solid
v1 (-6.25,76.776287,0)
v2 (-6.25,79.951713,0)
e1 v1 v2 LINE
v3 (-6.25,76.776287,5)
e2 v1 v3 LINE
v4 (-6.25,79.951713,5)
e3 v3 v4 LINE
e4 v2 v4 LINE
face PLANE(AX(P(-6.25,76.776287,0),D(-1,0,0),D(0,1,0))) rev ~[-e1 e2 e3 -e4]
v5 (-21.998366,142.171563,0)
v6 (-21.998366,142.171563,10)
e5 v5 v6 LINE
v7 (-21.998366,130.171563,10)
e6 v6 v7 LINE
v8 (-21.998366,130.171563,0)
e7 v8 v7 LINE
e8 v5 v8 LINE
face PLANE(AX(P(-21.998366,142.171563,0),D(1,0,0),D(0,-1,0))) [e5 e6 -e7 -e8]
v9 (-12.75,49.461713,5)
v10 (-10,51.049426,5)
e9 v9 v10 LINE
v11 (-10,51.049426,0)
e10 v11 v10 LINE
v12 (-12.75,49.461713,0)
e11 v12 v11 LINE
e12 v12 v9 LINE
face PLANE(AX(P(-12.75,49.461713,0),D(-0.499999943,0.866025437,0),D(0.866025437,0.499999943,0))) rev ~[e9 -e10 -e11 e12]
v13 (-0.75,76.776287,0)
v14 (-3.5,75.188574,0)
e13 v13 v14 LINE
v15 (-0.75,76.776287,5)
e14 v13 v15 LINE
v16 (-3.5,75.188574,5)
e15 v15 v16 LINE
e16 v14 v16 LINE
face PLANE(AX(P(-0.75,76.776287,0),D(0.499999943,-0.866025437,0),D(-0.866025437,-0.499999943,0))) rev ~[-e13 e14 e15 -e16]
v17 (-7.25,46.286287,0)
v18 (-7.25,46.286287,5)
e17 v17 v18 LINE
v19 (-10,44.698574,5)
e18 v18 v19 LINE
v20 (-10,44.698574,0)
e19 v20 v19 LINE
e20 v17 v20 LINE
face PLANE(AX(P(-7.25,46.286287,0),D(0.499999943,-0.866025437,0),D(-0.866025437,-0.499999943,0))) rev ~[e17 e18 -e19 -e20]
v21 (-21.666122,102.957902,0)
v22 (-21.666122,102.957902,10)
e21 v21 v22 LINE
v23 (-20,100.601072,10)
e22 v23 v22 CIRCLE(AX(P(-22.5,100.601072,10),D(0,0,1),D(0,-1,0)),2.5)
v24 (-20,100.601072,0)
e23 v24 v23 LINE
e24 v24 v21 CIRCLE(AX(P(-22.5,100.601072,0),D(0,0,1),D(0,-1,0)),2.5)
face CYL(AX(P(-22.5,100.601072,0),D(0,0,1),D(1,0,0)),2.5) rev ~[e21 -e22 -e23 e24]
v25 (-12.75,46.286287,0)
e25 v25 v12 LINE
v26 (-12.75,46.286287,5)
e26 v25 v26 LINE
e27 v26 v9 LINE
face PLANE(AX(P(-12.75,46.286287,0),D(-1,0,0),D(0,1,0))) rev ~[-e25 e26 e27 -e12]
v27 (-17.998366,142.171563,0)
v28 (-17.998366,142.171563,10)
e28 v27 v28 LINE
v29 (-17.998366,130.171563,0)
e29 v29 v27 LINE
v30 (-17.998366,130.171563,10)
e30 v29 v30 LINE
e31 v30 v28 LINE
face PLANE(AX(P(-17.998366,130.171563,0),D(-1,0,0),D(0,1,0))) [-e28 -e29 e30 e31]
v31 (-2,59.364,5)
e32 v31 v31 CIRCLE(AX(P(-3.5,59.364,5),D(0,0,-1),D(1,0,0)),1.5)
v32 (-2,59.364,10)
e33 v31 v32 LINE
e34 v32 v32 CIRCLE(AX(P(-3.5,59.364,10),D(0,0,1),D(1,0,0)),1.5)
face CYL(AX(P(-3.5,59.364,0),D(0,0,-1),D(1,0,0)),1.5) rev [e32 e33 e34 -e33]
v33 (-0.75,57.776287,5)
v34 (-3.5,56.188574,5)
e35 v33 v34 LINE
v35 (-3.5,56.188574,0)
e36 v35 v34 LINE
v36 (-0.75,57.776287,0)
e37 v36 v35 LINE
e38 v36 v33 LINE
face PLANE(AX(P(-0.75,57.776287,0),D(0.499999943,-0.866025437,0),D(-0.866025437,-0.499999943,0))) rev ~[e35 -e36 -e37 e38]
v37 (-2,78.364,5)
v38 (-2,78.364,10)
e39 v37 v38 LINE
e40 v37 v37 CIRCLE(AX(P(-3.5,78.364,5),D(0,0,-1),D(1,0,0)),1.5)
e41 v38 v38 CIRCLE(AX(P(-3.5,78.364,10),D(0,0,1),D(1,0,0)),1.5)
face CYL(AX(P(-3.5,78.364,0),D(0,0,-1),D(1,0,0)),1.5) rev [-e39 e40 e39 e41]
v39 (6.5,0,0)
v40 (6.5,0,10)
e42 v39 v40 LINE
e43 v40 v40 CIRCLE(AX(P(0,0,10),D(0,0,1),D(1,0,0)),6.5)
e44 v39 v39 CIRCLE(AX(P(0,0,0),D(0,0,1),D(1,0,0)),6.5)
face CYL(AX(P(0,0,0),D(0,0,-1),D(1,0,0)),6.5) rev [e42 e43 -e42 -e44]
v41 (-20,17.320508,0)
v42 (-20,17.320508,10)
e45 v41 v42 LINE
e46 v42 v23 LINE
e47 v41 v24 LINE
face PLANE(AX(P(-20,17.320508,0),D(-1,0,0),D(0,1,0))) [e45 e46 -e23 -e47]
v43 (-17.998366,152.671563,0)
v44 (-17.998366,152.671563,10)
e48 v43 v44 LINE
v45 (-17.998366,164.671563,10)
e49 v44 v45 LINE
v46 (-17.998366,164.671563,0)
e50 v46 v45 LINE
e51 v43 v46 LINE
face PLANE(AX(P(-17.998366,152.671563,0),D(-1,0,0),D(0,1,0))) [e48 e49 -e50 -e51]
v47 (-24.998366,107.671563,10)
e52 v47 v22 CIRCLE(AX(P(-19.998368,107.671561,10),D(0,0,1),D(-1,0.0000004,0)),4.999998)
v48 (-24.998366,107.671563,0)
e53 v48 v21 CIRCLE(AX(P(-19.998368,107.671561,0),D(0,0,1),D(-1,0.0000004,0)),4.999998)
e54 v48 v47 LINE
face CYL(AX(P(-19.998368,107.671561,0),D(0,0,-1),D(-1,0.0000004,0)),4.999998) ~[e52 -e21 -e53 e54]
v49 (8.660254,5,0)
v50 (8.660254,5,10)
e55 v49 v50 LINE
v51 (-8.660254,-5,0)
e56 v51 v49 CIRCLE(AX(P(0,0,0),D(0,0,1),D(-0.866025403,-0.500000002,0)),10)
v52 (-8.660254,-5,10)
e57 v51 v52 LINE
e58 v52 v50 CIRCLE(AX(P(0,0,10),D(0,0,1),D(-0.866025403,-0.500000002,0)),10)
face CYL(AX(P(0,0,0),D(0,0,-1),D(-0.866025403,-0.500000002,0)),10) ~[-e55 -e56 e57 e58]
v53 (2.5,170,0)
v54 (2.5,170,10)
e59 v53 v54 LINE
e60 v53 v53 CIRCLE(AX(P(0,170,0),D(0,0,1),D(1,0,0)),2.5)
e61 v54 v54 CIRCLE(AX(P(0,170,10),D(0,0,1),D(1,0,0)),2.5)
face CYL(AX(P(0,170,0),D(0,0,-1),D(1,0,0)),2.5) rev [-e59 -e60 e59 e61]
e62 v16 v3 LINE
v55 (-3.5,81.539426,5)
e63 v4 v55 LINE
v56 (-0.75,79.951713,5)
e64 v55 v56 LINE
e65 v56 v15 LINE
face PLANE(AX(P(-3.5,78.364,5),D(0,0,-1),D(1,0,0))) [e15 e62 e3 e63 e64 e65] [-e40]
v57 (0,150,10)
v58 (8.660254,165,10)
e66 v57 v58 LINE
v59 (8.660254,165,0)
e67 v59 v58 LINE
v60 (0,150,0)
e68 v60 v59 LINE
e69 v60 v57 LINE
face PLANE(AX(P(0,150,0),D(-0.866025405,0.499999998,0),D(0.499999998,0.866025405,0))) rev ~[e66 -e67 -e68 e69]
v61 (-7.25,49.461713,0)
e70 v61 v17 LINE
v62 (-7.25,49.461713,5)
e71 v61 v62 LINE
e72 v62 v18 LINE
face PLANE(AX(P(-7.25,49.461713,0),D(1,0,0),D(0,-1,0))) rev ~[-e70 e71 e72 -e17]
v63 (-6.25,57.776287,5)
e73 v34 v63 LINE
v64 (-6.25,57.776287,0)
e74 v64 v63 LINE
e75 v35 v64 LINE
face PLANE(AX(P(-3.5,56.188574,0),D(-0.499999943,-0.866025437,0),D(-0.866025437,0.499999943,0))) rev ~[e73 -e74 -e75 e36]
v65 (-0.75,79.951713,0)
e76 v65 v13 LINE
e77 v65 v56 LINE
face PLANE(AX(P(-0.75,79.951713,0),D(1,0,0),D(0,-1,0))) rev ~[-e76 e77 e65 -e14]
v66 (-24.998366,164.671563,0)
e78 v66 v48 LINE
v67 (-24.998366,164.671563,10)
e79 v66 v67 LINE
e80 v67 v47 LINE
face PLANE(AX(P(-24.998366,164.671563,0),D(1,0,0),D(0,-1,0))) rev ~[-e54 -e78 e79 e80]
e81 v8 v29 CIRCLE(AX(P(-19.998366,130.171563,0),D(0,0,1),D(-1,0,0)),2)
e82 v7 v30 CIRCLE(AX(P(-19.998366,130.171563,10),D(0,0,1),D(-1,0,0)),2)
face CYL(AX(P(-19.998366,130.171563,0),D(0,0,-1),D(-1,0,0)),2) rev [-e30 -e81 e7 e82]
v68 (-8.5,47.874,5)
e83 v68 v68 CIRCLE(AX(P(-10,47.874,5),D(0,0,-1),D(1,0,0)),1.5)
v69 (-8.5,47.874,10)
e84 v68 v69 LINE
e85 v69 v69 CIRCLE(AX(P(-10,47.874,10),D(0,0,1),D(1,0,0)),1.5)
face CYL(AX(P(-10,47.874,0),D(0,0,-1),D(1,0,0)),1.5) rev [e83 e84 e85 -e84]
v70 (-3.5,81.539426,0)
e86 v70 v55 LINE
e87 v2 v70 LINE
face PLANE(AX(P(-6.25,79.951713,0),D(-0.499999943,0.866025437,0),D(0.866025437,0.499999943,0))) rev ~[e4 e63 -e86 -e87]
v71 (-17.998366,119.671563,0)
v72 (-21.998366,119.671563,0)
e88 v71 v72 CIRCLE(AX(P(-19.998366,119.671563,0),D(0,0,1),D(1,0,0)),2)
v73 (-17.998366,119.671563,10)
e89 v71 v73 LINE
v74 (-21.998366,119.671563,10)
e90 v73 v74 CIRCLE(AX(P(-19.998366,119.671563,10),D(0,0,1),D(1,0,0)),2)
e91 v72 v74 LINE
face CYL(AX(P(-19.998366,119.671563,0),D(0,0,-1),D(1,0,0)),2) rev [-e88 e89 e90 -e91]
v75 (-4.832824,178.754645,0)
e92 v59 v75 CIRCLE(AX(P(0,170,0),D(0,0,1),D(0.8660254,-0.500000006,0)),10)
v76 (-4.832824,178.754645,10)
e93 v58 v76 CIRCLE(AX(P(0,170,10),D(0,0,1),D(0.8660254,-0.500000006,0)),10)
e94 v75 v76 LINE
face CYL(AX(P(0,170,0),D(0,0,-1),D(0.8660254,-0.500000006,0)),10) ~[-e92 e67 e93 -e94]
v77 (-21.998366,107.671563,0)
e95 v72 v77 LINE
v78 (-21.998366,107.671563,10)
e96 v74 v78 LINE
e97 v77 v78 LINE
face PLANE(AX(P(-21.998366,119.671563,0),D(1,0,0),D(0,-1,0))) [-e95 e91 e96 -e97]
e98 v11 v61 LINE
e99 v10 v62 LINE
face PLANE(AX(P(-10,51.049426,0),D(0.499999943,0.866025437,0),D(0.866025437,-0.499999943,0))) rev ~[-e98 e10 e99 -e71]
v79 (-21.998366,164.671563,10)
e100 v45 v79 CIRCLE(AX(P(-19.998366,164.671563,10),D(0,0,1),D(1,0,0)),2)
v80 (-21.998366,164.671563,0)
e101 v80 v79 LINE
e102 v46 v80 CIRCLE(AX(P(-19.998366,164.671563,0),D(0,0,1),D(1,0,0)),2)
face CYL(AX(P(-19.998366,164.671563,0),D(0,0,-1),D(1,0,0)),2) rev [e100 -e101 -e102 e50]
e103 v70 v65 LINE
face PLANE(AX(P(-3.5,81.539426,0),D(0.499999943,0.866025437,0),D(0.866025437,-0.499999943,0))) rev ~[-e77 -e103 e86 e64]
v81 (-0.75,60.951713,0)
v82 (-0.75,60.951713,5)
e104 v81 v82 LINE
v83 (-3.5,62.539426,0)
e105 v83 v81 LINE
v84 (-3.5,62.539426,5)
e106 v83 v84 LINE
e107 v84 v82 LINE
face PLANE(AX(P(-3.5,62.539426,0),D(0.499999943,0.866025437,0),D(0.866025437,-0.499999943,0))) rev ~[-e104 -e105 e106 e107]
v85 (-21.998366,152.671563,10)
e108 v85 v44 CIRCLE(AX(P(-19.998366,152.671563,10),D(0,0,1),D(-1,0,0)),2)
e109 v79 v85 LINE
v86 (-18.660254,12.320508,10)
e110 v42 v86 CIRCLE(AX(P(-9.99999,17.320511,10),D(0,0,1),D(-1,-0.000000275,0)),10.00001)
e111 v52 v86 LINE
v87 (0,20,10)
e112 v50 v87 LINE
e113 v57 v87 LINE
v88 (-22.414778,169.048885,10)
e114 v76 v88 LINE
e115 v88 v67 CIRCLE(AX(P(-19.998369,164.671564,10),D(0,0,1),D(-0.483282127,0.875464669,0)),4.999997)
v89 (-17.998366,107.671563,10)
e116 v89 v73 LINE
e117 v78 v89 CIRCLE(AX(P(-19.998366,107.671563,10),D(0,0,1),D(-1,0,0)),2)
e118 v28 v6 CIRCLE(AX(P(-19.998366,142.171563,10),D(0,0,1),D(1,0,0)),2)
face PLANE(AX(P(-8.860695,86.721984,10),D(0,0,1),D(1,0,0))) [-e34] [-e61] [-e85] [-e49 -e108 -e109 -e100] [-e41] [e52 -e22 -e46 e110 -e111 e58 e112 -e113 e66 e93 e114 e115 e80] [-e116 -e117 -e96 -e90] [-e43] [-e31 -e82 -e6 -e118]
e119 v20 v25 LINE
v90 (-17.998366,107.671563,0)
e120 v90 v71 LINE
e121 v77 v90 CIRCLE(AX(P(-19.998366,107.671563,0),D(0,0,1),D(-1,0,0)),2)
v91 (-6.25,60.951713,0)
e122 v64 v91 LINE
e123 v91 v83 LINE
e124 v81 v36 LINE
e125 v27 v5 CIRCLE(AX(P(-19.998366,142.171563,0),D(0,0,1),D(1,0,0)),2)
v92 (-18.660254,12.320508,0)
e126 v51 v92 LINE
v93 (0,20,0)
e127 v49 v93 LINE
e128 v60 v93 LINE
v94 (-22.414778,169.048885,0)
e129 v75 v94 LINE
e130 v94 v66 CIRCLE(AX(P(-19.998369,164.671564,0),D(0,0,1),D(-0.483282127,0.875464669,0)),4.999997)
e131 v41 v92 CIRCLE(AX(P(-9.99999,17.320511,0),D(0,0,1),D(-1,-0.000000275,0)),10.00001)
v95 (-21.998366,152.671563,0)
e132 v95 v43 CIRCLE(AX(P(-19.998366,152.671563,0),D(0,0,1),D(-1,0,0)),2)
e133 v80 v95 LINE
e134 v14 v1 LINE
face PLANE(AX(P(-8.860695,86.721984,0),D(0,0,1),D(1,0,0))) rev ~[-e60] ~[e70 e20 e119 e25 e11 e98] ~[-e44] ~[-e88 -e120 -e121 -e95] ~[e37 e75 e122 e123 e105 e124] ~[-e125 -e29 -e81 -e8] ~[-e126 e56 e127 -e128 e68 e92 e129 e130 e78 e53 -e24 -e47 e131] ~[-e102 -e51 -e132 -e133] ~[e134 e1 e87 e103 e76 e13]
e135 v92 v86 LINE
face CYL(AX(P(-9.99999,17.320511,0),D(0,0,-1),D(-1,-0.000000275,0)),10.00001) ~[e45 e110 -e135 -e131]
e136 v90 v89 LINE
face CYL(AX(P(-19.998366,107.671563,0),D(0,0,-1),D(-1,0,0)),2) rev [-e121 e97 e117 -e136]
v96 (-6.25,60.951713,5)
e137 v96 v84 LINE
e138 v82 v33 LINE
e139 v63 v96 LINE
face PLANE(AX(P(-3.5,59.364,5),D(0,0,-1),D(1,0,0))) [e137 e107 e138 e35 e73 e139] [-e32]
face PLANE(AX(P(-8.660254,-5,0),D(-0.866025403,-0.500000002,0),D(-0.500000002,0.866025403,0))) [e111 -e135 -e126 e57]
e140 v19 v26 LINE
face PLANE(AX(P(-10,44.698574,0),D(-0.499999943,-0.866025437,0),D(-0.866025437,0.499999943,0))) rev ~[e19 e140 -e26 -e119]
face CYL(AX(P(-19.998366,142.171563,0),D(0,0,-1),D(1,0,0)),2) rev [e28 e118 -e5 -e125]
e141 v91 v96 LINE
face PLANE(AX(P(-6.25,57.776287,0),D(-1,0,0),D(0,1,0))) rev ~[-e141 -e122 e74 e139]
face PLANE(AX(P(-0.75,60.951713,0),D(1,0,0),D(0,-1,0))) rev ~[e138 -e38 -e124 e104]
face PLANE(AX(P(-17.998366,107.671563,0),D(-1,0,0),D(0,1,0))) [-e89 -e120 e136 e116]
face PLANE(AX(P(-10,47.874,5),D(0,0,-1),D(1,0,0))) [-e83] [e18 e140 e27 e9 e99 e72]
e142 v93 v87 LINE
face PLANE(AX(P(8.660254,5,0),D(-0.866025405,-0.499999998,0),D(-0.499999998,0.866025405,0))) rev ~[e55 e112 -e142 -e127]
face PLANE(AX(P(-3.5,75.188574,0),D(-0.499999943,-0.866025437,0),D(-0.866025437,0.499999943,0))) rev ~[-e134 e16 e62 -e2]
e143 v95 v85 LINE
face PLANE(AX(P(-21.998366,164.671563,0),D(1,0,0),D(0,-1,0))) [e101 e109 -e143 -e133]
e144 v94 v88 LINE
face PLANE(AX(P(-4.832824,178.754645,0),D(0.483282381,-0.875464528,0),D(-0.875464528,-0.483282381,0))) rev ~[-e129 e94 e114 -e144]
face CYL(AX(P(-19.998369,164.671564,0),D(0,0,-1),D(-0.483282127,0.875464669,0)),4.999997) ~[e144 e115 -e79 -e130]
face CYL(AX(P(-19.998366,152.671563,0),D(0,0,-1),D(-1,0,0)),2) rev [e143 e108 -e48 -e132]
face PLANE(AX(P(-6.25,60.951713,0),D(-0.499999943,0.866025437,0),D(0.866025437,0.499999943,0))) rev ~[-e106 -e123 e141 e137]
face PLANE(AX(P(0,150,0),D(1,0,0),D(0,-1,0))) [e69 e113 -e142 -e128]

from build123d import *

# Parameters (mm, degrees)
SKETCH_R     = 6.5
SKETCH_R_2   = 2.5
SKETCH_R_3   = 1.5
PAD_DEPTH    = 10
FILLET_R     = 2.5
POCKET_DEPTH = 5


with BuildPart() as part:
    # Sketch → Pad (new body)
    with BuildSketch(Plane.XY):
        with BuildLine():
            ThreePointArc((-8.660254, -5), (5, -8.660254), (8.660254, 5))
            Line((8.660254, 5), (0, 20))
            Line((0, 150), (0, 20))
            Line((0, 150), (8.660254, 165))
            ThreePointArc((8.660254, 165), (7.138618, 177.002866), (-4.832824, 178.754645))
            Line((-4.832824, 178.754645), (-22.414778, 169.048885))
            ThreePointArc((-22.414778, 169.048885), (-24.304296, 167.213013), (-24.998366, 164.671563))
            Line((-24.998366, 164.671563), (-24.998366, 107.671563))
            ThreePointArc((-24.998366, 107.671563), (-23.534478, 104.136606), (-20, 102.671563))
            Line((-20, 17.320508), (-20, 102.671563))
            ThreePointArc((-20, 17.320508), (-19.659258, 14.732318), (-18.660254, 12.320508))
            Line((-8.660254, -5), (-18.660254, 12.320508))
        make_face()
        Circle(SKETCH_R, mode=Mode.SUBTRACT)
        with Locations((0, 170)):
            Circle(SKETCH_R_2, mode=Mode.SUBTRACT)
        with Locations((-3.5, 78.364)):
            Circle(SKETCH_R_3, mode=Mode.SUBTRACT)
        with Locations((-3.5, 59.364)):
            Circle(SKETCH_R_3, mode=Mode.SUBTRACT)
        with Locations((-10, 47.874)):
            Circle(SKETCH_R_3, mode=Mode.SUBTRACT)
        with BuildLine():
            ThreePointArc((-21.998366, 107.671563), (-19.998366, 105.671563), (-17.998366, 107.671563))
            Line((-17.998366, 107.671563), (-17.998366, 119.671563))
            ThreePointArc((-17.998366, 119.671563), (-19.998366, 121.671563), (-21.998366, 119.671563))
            Line((-21.998366, 119.671563), (-21.998366, 107.671563))
        make_face(mode=Mode.SUBTRACT)
        with BuildLine():
            ThreePointArc((-17.998366, 164.671563), (-19.998366, 166.671563), (-21.998366, 164.671563))
            Line((-21.998366, 164.671563), (-21.998366, 152.671563))
            ThreePointArc((-21.998366, 152.671563), (-19.998366, 150.671563), (-17.998366, 152.671563))
            Line((-17.998366, 152.671563), (-17.998366, 164.671563))
        make_face(mode=Mode.SUBTRACT)
        with BuildLine():
            ThreePointArc((-17.998366, 142.171563), (-19.998366, 144.171563), (-21.998366, 142.171563))
            Line((-21.998366, 142.171563), (-21.998366, 130.171563))
            ThreePointArc((-21.998366, 130.171563), (-19.998366, 128.171563), (-17.998366, 130.171563))
            Line((-17.998366, 130.171563), (-17.998366, 142.171563))
        make_face(mode=Mode.SUBTRACT)
    extrude(amount=PAD_DEPTH)

    # Fillet
    fillet_edges = [part.edges().sort_by_distance(p)[0] for p in [
        (-20, 102.671563, 5),
    ]]
    fillet(fillet_edges, radius=FILLET_R)

    # Sketch001 (on Face2 of Fillet) → Pocket (cut)
    with BuildSketch(Plane(origin=(0, 0, 0), x_dir=(1, 0, 0), z_dir=(0, 0, -1))):
        Polygon((-3.5, -81.539426), (-0.75, -79.951713), (-0.75, -76.776287), (-3.5, -75.188574), (-6.25, -76.776287), (-6.25, -79.951713), align=None)
        Polygon((-3.5, -62.539426), (-0.75, -60.951713), (-0.75, -57.776287), (-3.5, -56.188574), (-6.25, -57.776287), (-6.25, -60.951713), align=None)
        Polygon((-10, -51.049426), (-7.25, -49.461713), (-7.25, -46.286287), (-10, -44.698574), (-12.75, -46.286287), (-12.75, -49.461713), align=None)
    extrude(amount=-POCKET_DEPTH, mode=Mode.SUBTRACT)


solid = part.part
